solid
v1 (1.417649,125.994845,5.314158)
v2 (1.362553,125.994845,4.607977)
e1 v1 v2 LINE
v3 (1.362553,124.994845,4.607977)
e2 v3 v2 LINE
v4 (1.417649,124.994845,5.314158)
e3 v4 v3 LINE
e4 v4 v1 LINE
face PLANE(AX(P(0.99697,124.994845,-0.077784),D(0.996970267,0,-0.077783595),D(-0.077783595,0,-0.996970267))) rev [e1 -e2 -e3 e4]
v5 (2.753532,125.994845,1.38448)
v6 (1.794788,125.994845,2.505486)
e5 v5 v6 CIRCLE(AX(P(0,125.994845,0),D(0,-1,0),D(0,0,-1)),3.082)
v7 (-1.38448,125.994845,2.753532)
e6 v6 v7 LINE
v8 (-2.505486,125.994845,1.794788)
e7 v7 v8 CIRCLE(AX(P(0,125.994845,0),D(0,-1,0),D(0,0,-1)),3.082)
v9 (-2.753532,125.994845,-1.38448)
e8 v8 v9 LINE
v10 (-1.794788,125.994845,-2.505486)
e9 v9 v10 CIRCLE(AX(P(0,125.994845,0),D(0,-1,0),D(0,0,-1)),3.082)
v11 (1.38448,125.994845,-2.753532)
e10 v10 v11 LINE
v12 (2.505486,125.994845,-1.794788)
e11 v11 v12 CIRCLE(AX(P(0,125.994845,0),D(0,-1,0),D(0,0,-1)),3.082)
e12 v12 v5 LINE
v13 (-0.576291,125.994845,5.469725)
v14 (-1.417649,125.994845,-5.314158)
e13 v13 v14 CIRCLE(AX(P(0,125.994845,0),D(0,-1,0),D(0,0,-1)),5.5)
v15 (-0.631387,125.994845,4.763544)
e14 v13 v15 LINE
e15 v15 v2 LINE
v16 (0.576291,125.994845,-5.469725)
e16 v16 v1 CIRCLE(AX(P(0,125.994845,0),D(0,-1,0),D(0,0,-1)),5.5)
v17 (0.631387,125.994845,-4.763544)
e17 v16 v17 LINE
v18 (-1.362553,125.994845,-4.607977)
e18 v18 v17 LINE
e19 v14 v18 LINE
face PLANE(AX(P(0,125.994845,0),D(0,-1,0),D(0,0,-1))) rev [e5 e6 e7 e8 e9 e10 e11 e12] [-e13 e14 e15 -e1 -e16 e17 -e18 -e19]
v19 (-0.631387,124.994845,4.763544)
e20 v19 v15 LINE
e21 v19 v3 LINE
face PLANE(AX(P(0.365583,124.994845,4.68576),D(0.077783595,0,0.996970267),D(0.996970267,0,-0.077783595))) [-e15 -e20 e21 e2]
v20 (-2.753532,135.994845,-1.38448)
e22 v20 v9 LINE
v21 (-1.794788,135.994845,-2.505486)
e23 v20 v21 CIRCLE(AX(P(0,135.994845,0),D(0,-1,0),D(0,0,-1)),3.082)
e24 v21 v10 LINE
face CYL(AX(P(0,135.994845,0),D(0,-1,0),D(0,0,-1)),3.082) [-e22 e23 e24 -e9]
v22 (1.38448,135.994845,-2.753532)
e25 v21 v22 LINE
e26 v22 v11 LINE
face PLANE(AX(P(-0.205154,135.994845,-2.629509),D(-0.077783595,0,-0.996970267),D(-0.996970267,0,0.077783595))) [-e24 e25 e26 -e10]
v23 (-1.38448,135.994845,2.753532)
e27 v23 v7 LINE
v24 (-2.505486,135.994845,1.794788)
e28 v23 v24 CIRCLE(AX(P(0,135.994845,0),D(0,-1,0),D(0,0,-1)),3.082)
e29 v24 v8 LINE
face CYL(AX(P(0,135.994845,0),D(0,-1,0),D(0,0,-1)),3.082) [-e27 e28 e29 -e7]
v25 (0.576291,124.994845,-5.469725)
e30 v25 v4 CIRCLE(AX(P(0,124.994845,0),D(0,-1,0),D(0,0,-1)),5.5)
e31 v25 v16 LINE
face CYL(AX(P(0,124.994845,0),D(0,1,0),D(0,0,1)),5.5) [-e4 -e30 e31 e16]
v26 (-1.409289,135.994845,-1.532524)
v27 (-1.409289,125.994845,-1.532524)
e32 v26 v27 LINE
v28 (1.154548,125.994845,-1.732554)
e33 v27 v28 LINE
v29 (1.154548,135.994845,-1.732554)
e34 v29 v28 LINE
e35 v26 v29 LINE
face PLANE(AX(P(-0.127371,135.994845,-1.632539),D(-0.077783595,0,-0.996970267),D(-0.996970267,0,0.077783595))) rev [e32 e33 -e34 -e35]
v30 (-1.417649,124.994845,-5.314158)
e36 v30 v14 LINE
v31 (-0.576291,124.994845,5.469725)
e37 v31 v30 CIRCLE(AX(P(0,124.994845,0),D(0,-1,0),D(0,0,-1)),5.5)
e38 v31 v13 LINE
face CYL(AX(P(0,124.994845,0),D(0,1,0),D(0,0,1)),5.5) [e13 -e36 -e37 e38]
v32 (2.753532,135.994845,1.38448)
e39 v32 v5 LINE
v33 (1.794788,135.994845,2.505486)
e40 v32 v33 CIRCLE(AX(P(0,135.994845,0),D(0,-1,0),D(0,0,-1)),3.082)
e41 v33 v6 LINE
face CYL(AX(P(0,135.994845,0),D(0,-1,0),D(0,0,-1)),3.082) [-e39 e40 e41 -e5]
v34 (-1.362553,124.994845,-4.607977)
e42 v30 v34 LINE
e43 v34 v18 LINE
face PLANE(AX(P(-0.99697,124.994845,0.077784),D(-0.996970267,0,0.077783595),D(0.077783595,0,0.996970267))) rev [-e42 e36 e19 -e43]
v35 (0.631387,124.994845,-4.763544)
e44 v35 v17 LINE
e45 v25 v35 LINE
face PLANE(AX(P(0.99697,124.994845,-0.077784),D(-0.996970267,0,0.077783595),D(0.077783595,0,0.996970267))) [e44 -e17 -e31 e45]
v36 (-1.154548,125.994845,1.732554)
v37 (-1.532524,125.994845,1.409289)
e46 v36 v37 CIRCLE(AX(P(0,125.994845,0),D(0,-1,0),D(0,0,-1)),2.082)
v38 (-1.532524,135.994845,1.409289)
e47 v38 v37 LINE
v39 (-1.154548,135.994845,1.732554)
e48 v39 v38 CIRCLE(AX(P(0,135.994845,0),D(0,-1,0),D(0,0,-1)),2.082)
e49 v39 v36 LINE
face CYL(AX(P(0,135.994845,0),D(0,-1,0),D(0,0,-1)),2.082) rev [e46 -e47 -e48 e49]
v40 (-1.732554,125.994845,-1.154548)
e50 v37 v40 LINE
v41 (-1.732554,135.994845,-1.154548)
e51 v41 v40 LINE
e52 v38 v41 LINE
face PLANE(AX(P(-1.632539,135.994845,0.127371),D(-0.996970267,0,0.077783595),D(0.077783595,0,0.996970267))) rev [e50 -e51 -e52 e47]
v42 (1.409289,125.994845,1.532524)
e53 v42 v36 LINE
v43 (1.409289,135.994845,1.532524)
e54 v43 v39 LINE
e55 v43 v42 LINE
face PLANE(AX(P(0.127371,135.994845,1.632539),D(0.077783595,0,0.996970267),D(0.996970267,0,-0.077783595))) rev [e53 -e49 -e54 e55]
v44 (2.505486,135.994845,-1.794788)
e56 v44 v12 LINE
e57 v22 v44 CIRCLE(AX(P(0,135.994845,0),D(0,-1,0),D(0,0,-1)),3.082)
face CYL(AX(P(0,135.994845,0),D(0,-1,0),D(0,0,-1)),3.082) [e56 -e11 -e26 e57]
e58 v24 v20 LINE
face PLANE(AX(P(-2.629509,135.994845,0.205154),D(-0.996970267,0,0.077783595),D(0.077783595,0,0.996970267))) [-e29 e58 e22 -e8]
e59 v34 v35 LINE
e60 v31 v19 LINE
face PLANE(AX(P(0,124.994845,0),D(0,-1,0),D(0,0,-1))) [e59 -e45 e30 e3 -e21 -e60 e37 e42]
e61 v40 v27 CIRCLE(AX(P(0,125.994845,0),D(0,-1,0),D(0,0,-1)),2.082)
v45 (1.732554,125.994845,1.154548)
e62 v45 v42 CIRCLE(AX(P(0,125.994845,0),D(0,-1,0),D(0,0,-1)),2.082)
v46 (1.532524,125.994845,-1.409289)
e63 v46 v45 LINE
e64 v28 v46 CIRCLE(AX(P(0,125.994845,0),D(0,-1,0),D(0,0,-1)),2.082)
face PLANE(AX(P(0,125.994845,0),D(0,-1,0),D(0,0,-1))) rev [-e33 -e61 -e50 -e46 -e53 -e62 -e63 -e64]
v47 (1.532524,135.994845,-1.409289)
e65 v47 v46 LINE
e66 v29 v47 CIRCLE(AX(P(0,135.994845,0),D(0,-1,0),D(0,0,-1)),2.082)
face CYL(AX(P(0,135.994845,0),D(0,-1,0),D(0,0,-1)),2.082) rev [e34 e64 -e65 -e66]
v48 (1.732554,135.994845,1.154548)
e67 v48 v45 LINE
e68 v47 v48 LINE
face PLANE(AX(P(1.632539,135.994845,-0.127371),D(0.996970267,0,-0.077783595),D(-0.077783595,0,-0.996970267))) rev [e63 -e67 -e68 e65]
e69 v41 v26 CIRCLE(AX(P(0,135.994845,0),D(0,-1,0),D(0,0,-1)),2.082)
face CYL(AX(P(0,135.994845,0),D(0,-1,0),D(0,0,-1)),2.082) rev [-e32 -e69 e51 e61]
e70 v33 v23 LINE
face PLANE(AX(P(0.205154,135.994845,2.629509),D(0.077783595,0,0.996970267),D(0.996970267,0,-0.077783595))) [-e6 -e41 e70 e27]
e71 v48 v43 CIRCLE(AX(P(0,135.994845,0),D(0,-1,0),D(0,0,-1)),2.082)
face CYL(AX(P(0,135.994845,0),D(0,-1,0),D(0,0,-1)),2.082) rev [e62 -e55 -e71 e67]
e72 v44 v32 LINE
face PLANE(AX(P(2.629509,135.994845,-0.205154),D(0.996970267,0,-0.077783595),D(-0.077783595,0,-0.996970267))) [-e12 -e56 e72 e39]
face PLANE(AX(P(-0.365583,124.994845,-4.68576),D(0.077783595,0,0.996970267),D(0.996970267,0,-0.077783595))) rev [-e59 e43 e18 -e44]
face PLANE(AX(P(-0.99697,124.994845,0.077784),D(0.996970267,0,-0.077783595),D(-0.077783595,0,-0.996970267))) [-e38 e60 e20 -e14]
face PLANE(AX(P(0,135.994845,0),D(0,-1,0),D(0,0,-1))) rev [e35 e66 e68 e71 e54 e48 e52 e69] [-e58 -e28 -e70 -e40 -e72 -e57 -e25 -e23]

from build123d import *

# Parameters (mm, degrees)
BOSS_EXTRUDE1_DEPTH = 1
BOSS_EXTRUDE2_DEPTH = 10


with BuildPart() as part:
    # Sketch1 → Boss-Extrude1 (new body)
    with BuildSketch(Plane(origin=(0, 125.994845224, 0), x_dir=(0.9999961031753525, 0, 0.0027917080989731807), z_dir=(0, -1, 0))):
        with BuildLine():
            Line((-0.618086487, 4.765287934), (-0.561019037, 5.471312241))
            ThreePointArc((-0.561019037, 5.471312241), (-5.482120778, 0.443115979), (-1.432479428, -5.310179158))
            Line((-1.432479428, -5.310179158), (-1.375411978, -4.604154851))
            Line((-1.375411978, -4.604154851), (0.618086487, -4.765287934))
            Line((0.618086487, -4.765287934), (0.561019037, -5.471312241))
            ThreePointArc((0.561019037, -5.471312241), (5.482120778, -0.443115979), (1.432479428, 5.310179158))
            Line((1.432479428, 5.310179158), (1.375411978, 4.604154851))
            Line((1.375411978, 4.604154851), (-0.618086487, 4.765287934))
        make_face()
    extrude(amount=BOSS_EXTRUDE1_DEPTH)

    # Sketch1<4> → Boss-Extrude2 (add)
    with BuildSketch(Plane(origin=(0, 125.994845224, 0), x_dir=(0.9999961031753525, 0, 0.0027917080989731807), z_dir=(0, -1, 0))):
        with BuildLine():
            ThreePointArc((-2.757386609, -1.376787234), (-2.347797606, -1.996639778), (-1.801775741, -2.500465592))
            Line((-1.801775741, -2.500465592), (1.376787234, -2.757386609))
            ThreePointArc((1.376787234, -2.757386609), (1.996639778, -2.347797606), (2.500465592, -1.801775741))
            Line((2.500465592, -1.801775741), (2.628926101, -0.212494254))
            Line((2.628926101, -0.212494254), (2.757386609, 1.376787234))
            ThreePointArc((2.757386609, 1.376787234), (2.347797606, 1.996639778), (1.801775741, 2.500465592))
            Line((1.801775741, 2.500465592), (-1.376787234, 2.757386609))
            ThreePointArc((-1.376787234, 2.757386609), (-1.996639778, 2.347797606), (-2.500465592, 1.801775741))
            Line((-2.500465592, 1.801775741), (-2.628926101, 0.212494254))
            Line((-2.628926101, 0.212494254), (-2.757386609, -1.376787234))
        make_face()
        with BuildLine():
            Line((1.735770459, 1.149706447), (1.632176868, -0.131927712))
            Line((1.632176868, -0.131927712), (1.528583278, -1.413561871))
            ThreePointArc((1.528583278, -1.413561871), (1.348800784, -1.586020316), (1.149706447, -1.735770459))
            Line((1.149706447, -1.735770459), (-1.413561871, -1.528583278))
            ThreePointArc((-1.413561871, -1.528583278), (-1.586020316, -1.348800784), (-1.735770459, -1.149706447))
            Line((-1.735770459, -1.149706447), (-1.632176868, 0.131927712))
            Line((-1.632176868, 0.131927712), (-1.528583278, 1.413561871))
            ThreePointArc((-1.528583278, 1.413561871), (-1.348800784, 1.586020316), (-1.149706447, 1.735770459))
            Line((-1.149706447, 1.735770459), (1.413561871, 1.528583278))
            ThreePointArc((1.413561871, 1.528583278), (1.586020316, 1.348800784), (1.735770459, 1.149706447))
        make_face(mode=Mode.SUBTRACT)
    extrude(amount=-BOSS_EXTRUDE2_DEPTH)


solid = part.part
